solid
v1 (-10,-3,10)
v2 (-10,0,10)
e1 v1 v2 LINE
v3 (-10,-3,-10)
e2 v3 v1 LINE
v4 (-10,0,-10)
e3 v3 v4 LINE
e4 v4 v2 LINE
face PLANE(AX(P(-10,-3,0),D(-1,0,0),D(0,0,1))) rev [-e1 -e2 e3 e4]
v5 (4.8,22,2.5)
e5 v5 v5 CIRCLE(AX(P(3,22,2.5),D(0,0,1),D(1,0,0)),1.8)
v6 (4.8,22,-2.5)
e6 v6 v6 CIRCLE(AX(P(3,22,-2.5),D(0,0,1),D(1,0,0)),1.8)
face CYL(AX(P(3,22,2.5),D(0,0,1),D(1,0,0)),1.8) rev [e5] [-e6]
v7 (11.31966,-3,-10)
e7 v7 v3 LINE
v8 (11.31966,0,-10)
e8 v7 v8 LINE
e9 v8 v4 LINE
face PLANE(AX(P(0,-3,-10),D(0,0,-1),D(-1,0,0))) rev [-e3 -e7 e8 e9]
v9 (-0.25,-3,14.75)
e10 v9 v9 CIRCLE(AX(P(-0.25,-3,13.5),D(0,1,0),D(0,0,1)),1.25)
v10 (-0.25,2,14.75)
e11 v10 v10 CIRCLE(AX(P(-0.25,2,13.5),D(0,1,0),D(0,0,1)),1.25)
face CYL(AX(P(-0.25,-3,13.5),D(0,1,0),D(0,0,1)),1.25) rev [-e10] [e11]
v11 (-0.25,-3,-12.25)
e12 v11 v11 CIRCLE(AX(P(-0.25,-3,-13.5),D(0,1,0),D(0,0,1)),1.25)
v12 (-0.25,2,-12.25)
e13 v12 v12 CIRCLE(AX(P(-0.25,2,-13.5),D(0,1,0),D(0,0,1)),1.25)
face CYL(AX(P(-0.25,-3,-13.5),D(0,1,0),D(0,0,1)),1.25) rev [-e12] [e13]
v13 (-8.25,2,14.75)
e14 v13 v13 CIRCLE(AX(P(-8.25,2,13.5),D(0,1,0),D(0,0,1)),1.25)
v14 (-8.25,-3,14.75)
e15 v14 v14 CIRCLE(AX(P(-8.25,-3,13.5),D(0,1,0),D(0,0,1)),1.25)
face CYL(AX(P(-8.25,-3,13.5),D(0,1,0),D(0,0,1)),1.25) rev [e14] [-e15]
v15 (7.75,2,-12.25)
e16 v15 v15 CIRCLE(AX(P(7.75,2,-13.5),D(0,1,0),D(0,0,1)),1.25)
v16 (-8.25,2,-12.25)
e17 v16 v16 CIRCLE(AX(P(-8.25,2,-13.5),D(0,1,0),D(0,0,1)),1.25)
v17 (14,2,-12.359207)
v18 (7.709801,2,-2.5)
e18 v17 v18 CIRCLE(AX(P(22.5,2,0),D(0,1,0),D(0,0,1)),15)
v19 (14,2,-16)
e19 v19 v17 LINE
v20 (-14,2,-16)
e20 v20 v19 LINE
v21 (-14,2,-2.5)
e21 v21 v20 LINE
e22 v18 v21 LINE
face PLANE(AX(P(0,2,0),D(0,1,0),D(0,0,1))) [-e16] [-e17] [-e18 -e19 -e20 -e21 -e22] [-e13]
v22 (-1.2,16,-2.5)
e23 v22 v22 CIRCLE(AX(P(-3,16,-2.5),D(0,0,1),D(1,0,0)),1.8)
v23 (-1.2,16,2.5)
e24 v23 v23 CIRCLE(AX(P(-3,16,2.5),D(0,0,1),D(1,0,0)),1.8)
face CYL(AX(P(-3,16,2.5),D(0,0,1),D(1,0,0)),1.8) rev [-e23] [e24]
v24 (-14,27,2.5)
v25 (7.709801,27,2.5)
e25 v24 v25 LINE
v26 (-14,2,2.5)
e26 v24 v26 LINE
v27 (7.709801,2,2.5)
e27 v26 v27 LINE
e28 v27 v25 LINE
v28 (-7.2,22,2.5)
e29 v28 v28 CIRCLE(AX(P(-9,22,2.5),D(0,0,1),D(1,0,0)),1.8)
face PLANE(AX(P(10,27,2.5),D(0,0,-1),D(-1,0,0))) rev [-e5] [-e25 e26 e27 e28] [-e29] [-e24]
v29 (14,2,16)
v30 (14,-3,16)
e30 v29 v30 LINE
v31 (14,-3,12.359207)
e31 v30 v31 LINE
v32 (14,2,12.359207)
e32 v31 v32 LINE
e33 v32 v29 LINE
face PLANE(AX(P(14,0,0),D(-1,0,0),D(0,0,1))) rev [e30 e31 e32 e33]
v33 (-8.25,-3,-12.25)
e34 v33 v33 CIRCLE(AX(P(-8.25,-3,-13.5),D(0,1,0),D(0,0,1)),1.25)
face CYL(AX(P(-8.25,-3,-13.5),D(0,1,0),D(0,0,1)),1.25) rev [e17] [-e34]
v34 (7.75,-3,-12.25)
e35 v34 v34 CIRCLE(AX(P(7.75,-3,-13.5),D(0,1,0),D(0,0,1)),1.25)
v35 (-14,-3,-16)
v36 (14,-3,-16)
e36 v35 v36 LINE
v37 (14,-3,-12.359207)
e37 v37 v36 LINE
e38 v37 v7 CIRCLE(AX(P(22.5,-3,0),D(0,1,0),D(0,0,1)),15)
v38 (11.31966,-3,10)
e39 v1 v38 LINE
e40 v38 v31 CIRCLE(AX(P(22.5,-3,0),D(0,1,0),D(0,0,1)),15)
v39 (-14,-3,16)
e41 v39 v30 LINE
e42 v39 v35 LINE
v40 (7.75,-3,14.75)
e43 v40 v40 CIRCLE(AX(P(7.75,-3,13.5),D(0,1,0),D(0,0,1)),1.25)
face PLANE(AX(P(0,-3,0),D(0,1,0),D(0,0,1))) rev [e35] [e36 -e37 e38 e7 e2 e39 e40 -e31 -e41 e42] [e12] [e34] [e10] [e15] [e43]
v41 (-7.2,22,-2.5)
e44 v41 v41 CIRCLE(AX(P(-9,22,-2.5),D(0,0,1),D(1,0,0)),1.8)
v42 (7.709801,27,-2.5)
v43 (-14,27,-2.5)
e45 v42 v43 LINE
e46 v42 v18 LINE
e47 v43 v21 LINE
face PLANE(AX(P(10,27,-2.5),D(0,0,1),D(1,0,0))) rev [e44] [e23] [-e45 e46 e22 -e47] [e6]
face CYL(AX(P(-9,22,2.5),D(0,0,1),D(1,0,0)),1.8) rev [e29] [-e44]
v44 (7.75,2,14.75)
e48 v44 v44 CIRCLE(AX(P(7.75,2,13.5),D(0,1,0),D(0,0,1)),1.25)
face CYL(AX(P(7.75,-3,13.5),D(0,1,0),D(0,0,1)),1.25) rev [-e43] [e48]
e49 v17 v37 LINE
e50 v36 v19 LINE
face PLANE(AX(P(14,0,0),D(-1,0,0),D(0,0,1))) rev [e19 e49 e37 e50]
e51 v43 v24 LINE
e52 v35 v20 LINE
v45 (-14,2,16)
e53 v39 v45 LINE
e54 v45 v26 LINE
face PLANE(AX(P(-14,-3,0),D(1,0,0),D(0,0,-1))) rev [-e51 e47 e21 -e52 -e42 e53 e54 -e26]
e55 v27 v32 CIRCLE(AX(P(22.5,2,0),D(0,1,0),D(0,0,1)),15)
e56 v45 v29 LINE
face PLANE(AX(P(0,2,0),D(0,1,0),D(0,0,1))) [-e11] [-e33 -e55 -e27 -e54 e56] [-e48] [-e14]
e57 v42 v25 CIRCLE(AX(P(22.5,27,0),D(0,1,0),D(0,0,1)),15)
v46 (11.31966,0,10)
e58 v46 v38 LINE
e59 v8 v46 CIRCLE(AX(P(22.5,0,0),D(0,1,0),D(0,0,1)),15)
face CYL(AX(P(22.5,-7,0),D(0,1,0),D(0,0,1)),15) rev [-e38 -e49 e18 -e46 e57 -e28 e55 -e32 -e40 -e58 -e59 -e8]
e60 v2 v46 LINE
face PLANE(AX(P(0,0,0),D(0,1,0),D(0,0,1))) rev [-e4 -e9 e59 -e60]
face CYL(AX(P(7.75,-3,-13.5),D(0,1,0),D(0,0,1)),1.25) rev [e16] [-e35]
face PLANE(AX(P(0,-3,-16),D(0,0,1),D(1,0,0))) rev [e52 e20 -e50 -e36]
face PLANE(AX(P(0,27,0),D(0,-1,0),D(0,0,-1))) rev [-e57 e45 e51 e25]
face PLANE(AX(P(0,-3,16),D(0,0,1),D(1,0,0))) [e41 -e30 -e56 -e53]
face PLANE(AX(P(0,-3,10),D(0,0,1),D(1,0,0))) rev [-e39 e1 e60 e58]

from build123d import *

# Parameters (mm, degrees)
SZKIC1_W                    = 20
SZKIC1_H                    = 20
DODANIE_WYCI_GNI_CIE1_DEPTH = 2
SZKIC3_R                    = 1.25
DODANIE_WYCI_GNI_CIE2_DEPTH = 5
SZKIC4_W                    = 24
SZKIC4_H                    = 5
DODANIE_WYCI_GNI_CIE3_DEPTH = 25
DODANIE_WYCI_GNI_CIE4_DEPTH = 4
SZKIC6_R                    = 15
WYTNIJ_WYCI_GNI_CIE1_DEPTH  = 34
OTW_R_POD_RUB_M31_D         = 3.6
OTW_R_POD_RUB_M31_DEPTH     = 24


with BuildPart() as part:
    # Szkic1 → Dodanie-wyciągnięcie1 (new body)
    with BuildSketch(Plane(origin=(0, 0, 0), x_dir=(1, 0, 0), z_dir=(0, 1, 0))):
        Rectangle(SZKIC1_W, SZKIC1_H)
    extrude(amount=DODANIE_WYCI_GNI_CIE1_DEPTH)

    # Szkic3 → Dodanie-wyciągnięcie2 (add)
    with BuildSketch(Plane(origin=(0, 2, 0), x_dir=(1, 0, 0), z_dir=(0, 1, 0))):
        Polygon((-14, 16), (-14, -16), (10, -16), (10, -10), (-10, -10), (-10, 10), (10, 10), (10, 16), align=None)
        with Locations(Location((-8.25, -13.5, 0), (0, 0, 270))):
            Circle(SZKIC3_R, mode=Mode.SUBTRACT)
        with Locations(Location((-0.25, -13.5, 0), (0, 0, 270))):
            Circle(SZKIC3_R, mode=Mode.SUBTRACT)
        with Locations(Location((7.75, -13.5, 0), (0, 0, 270))):
            Circle(SZKIC3_R, mode=Mode.SUBTRACT)
        with Locations(Location((-8.25, 13.5, 0), (0, 0, 270))):
            Circle(SZKIC3_R, mode=Mode.SUBTRACT)
        with Locations(Location((-0.25, 13.5, 0), (0, 0, 270))):
            Circle(SZKIC3_R, mode=Mode.SUBTRACT)
        with Locations(Location((7.75, 13.5, 0), (0, 0, 270))):
            Circle(SZKIC3_R, mode=Mode.SUBTRACT)
    extrude(amount=-DODANIE_WYCI_GNI_CIE2_DEPTH)

    # Szkic4 → Dodanie-wyciągnięcie3 (add)
    with BuildSketch(Plane(origin=(0, 2, 0), x_dir=(1, 0, 0), z_dir=(0, 1, 0))):
        with Locations((-2, 0)):
            Rectangle(SZKIC4_W, SZKIC4_H)
    extrude(amount=DODANIE_WYCI_GNI_CIE3_DEPTH)

    # Szkic5 → Dodanie-wyciągnięcie4 (add)
    with BuildSketch(Plane(origin=(10, 0, 0), x_dir=(0, 0, -1), z_dir=(1, 0, 0))):
        Polygon((-10, 0), (10, 0), (10, -3), (16, -3), (16, 2), (2.5, 2), (2.5, 27), (-2.5, 27), (-2.5, 2), (-16, 2), (-16, -3), (-10, -3), align=None)
    extrude(amount=DODANIE_WYCI_GNI_CIE4_DEPTH)

    # Szkic6 → Wytnij-wyciągnięcie1 (cut)
    with BuildSketch(Plane(origin=(0, 27, 0), x_dir=(1, 0, 0), z_dir=(0, 1, 0))):
        with Locations((22.5, 0)):
            Circle(SZKIC6_R)
    extrude(amount=-WYTNIJ_WYCI_GNI_CIE1_DEPTH, mode=Mode.SUBTRACT)

    # Otwór pod śrubę M31
    with Locations(Plane.XY.offset(2.5)):
        with Locations((3, 22), (-9, 22), (-3, 16)):
            Hole(OTW_R_POD_RUB_M31_D / 2, depth=OTW_R_POD_RUB_M31_DEPTH)


solid = part.part
